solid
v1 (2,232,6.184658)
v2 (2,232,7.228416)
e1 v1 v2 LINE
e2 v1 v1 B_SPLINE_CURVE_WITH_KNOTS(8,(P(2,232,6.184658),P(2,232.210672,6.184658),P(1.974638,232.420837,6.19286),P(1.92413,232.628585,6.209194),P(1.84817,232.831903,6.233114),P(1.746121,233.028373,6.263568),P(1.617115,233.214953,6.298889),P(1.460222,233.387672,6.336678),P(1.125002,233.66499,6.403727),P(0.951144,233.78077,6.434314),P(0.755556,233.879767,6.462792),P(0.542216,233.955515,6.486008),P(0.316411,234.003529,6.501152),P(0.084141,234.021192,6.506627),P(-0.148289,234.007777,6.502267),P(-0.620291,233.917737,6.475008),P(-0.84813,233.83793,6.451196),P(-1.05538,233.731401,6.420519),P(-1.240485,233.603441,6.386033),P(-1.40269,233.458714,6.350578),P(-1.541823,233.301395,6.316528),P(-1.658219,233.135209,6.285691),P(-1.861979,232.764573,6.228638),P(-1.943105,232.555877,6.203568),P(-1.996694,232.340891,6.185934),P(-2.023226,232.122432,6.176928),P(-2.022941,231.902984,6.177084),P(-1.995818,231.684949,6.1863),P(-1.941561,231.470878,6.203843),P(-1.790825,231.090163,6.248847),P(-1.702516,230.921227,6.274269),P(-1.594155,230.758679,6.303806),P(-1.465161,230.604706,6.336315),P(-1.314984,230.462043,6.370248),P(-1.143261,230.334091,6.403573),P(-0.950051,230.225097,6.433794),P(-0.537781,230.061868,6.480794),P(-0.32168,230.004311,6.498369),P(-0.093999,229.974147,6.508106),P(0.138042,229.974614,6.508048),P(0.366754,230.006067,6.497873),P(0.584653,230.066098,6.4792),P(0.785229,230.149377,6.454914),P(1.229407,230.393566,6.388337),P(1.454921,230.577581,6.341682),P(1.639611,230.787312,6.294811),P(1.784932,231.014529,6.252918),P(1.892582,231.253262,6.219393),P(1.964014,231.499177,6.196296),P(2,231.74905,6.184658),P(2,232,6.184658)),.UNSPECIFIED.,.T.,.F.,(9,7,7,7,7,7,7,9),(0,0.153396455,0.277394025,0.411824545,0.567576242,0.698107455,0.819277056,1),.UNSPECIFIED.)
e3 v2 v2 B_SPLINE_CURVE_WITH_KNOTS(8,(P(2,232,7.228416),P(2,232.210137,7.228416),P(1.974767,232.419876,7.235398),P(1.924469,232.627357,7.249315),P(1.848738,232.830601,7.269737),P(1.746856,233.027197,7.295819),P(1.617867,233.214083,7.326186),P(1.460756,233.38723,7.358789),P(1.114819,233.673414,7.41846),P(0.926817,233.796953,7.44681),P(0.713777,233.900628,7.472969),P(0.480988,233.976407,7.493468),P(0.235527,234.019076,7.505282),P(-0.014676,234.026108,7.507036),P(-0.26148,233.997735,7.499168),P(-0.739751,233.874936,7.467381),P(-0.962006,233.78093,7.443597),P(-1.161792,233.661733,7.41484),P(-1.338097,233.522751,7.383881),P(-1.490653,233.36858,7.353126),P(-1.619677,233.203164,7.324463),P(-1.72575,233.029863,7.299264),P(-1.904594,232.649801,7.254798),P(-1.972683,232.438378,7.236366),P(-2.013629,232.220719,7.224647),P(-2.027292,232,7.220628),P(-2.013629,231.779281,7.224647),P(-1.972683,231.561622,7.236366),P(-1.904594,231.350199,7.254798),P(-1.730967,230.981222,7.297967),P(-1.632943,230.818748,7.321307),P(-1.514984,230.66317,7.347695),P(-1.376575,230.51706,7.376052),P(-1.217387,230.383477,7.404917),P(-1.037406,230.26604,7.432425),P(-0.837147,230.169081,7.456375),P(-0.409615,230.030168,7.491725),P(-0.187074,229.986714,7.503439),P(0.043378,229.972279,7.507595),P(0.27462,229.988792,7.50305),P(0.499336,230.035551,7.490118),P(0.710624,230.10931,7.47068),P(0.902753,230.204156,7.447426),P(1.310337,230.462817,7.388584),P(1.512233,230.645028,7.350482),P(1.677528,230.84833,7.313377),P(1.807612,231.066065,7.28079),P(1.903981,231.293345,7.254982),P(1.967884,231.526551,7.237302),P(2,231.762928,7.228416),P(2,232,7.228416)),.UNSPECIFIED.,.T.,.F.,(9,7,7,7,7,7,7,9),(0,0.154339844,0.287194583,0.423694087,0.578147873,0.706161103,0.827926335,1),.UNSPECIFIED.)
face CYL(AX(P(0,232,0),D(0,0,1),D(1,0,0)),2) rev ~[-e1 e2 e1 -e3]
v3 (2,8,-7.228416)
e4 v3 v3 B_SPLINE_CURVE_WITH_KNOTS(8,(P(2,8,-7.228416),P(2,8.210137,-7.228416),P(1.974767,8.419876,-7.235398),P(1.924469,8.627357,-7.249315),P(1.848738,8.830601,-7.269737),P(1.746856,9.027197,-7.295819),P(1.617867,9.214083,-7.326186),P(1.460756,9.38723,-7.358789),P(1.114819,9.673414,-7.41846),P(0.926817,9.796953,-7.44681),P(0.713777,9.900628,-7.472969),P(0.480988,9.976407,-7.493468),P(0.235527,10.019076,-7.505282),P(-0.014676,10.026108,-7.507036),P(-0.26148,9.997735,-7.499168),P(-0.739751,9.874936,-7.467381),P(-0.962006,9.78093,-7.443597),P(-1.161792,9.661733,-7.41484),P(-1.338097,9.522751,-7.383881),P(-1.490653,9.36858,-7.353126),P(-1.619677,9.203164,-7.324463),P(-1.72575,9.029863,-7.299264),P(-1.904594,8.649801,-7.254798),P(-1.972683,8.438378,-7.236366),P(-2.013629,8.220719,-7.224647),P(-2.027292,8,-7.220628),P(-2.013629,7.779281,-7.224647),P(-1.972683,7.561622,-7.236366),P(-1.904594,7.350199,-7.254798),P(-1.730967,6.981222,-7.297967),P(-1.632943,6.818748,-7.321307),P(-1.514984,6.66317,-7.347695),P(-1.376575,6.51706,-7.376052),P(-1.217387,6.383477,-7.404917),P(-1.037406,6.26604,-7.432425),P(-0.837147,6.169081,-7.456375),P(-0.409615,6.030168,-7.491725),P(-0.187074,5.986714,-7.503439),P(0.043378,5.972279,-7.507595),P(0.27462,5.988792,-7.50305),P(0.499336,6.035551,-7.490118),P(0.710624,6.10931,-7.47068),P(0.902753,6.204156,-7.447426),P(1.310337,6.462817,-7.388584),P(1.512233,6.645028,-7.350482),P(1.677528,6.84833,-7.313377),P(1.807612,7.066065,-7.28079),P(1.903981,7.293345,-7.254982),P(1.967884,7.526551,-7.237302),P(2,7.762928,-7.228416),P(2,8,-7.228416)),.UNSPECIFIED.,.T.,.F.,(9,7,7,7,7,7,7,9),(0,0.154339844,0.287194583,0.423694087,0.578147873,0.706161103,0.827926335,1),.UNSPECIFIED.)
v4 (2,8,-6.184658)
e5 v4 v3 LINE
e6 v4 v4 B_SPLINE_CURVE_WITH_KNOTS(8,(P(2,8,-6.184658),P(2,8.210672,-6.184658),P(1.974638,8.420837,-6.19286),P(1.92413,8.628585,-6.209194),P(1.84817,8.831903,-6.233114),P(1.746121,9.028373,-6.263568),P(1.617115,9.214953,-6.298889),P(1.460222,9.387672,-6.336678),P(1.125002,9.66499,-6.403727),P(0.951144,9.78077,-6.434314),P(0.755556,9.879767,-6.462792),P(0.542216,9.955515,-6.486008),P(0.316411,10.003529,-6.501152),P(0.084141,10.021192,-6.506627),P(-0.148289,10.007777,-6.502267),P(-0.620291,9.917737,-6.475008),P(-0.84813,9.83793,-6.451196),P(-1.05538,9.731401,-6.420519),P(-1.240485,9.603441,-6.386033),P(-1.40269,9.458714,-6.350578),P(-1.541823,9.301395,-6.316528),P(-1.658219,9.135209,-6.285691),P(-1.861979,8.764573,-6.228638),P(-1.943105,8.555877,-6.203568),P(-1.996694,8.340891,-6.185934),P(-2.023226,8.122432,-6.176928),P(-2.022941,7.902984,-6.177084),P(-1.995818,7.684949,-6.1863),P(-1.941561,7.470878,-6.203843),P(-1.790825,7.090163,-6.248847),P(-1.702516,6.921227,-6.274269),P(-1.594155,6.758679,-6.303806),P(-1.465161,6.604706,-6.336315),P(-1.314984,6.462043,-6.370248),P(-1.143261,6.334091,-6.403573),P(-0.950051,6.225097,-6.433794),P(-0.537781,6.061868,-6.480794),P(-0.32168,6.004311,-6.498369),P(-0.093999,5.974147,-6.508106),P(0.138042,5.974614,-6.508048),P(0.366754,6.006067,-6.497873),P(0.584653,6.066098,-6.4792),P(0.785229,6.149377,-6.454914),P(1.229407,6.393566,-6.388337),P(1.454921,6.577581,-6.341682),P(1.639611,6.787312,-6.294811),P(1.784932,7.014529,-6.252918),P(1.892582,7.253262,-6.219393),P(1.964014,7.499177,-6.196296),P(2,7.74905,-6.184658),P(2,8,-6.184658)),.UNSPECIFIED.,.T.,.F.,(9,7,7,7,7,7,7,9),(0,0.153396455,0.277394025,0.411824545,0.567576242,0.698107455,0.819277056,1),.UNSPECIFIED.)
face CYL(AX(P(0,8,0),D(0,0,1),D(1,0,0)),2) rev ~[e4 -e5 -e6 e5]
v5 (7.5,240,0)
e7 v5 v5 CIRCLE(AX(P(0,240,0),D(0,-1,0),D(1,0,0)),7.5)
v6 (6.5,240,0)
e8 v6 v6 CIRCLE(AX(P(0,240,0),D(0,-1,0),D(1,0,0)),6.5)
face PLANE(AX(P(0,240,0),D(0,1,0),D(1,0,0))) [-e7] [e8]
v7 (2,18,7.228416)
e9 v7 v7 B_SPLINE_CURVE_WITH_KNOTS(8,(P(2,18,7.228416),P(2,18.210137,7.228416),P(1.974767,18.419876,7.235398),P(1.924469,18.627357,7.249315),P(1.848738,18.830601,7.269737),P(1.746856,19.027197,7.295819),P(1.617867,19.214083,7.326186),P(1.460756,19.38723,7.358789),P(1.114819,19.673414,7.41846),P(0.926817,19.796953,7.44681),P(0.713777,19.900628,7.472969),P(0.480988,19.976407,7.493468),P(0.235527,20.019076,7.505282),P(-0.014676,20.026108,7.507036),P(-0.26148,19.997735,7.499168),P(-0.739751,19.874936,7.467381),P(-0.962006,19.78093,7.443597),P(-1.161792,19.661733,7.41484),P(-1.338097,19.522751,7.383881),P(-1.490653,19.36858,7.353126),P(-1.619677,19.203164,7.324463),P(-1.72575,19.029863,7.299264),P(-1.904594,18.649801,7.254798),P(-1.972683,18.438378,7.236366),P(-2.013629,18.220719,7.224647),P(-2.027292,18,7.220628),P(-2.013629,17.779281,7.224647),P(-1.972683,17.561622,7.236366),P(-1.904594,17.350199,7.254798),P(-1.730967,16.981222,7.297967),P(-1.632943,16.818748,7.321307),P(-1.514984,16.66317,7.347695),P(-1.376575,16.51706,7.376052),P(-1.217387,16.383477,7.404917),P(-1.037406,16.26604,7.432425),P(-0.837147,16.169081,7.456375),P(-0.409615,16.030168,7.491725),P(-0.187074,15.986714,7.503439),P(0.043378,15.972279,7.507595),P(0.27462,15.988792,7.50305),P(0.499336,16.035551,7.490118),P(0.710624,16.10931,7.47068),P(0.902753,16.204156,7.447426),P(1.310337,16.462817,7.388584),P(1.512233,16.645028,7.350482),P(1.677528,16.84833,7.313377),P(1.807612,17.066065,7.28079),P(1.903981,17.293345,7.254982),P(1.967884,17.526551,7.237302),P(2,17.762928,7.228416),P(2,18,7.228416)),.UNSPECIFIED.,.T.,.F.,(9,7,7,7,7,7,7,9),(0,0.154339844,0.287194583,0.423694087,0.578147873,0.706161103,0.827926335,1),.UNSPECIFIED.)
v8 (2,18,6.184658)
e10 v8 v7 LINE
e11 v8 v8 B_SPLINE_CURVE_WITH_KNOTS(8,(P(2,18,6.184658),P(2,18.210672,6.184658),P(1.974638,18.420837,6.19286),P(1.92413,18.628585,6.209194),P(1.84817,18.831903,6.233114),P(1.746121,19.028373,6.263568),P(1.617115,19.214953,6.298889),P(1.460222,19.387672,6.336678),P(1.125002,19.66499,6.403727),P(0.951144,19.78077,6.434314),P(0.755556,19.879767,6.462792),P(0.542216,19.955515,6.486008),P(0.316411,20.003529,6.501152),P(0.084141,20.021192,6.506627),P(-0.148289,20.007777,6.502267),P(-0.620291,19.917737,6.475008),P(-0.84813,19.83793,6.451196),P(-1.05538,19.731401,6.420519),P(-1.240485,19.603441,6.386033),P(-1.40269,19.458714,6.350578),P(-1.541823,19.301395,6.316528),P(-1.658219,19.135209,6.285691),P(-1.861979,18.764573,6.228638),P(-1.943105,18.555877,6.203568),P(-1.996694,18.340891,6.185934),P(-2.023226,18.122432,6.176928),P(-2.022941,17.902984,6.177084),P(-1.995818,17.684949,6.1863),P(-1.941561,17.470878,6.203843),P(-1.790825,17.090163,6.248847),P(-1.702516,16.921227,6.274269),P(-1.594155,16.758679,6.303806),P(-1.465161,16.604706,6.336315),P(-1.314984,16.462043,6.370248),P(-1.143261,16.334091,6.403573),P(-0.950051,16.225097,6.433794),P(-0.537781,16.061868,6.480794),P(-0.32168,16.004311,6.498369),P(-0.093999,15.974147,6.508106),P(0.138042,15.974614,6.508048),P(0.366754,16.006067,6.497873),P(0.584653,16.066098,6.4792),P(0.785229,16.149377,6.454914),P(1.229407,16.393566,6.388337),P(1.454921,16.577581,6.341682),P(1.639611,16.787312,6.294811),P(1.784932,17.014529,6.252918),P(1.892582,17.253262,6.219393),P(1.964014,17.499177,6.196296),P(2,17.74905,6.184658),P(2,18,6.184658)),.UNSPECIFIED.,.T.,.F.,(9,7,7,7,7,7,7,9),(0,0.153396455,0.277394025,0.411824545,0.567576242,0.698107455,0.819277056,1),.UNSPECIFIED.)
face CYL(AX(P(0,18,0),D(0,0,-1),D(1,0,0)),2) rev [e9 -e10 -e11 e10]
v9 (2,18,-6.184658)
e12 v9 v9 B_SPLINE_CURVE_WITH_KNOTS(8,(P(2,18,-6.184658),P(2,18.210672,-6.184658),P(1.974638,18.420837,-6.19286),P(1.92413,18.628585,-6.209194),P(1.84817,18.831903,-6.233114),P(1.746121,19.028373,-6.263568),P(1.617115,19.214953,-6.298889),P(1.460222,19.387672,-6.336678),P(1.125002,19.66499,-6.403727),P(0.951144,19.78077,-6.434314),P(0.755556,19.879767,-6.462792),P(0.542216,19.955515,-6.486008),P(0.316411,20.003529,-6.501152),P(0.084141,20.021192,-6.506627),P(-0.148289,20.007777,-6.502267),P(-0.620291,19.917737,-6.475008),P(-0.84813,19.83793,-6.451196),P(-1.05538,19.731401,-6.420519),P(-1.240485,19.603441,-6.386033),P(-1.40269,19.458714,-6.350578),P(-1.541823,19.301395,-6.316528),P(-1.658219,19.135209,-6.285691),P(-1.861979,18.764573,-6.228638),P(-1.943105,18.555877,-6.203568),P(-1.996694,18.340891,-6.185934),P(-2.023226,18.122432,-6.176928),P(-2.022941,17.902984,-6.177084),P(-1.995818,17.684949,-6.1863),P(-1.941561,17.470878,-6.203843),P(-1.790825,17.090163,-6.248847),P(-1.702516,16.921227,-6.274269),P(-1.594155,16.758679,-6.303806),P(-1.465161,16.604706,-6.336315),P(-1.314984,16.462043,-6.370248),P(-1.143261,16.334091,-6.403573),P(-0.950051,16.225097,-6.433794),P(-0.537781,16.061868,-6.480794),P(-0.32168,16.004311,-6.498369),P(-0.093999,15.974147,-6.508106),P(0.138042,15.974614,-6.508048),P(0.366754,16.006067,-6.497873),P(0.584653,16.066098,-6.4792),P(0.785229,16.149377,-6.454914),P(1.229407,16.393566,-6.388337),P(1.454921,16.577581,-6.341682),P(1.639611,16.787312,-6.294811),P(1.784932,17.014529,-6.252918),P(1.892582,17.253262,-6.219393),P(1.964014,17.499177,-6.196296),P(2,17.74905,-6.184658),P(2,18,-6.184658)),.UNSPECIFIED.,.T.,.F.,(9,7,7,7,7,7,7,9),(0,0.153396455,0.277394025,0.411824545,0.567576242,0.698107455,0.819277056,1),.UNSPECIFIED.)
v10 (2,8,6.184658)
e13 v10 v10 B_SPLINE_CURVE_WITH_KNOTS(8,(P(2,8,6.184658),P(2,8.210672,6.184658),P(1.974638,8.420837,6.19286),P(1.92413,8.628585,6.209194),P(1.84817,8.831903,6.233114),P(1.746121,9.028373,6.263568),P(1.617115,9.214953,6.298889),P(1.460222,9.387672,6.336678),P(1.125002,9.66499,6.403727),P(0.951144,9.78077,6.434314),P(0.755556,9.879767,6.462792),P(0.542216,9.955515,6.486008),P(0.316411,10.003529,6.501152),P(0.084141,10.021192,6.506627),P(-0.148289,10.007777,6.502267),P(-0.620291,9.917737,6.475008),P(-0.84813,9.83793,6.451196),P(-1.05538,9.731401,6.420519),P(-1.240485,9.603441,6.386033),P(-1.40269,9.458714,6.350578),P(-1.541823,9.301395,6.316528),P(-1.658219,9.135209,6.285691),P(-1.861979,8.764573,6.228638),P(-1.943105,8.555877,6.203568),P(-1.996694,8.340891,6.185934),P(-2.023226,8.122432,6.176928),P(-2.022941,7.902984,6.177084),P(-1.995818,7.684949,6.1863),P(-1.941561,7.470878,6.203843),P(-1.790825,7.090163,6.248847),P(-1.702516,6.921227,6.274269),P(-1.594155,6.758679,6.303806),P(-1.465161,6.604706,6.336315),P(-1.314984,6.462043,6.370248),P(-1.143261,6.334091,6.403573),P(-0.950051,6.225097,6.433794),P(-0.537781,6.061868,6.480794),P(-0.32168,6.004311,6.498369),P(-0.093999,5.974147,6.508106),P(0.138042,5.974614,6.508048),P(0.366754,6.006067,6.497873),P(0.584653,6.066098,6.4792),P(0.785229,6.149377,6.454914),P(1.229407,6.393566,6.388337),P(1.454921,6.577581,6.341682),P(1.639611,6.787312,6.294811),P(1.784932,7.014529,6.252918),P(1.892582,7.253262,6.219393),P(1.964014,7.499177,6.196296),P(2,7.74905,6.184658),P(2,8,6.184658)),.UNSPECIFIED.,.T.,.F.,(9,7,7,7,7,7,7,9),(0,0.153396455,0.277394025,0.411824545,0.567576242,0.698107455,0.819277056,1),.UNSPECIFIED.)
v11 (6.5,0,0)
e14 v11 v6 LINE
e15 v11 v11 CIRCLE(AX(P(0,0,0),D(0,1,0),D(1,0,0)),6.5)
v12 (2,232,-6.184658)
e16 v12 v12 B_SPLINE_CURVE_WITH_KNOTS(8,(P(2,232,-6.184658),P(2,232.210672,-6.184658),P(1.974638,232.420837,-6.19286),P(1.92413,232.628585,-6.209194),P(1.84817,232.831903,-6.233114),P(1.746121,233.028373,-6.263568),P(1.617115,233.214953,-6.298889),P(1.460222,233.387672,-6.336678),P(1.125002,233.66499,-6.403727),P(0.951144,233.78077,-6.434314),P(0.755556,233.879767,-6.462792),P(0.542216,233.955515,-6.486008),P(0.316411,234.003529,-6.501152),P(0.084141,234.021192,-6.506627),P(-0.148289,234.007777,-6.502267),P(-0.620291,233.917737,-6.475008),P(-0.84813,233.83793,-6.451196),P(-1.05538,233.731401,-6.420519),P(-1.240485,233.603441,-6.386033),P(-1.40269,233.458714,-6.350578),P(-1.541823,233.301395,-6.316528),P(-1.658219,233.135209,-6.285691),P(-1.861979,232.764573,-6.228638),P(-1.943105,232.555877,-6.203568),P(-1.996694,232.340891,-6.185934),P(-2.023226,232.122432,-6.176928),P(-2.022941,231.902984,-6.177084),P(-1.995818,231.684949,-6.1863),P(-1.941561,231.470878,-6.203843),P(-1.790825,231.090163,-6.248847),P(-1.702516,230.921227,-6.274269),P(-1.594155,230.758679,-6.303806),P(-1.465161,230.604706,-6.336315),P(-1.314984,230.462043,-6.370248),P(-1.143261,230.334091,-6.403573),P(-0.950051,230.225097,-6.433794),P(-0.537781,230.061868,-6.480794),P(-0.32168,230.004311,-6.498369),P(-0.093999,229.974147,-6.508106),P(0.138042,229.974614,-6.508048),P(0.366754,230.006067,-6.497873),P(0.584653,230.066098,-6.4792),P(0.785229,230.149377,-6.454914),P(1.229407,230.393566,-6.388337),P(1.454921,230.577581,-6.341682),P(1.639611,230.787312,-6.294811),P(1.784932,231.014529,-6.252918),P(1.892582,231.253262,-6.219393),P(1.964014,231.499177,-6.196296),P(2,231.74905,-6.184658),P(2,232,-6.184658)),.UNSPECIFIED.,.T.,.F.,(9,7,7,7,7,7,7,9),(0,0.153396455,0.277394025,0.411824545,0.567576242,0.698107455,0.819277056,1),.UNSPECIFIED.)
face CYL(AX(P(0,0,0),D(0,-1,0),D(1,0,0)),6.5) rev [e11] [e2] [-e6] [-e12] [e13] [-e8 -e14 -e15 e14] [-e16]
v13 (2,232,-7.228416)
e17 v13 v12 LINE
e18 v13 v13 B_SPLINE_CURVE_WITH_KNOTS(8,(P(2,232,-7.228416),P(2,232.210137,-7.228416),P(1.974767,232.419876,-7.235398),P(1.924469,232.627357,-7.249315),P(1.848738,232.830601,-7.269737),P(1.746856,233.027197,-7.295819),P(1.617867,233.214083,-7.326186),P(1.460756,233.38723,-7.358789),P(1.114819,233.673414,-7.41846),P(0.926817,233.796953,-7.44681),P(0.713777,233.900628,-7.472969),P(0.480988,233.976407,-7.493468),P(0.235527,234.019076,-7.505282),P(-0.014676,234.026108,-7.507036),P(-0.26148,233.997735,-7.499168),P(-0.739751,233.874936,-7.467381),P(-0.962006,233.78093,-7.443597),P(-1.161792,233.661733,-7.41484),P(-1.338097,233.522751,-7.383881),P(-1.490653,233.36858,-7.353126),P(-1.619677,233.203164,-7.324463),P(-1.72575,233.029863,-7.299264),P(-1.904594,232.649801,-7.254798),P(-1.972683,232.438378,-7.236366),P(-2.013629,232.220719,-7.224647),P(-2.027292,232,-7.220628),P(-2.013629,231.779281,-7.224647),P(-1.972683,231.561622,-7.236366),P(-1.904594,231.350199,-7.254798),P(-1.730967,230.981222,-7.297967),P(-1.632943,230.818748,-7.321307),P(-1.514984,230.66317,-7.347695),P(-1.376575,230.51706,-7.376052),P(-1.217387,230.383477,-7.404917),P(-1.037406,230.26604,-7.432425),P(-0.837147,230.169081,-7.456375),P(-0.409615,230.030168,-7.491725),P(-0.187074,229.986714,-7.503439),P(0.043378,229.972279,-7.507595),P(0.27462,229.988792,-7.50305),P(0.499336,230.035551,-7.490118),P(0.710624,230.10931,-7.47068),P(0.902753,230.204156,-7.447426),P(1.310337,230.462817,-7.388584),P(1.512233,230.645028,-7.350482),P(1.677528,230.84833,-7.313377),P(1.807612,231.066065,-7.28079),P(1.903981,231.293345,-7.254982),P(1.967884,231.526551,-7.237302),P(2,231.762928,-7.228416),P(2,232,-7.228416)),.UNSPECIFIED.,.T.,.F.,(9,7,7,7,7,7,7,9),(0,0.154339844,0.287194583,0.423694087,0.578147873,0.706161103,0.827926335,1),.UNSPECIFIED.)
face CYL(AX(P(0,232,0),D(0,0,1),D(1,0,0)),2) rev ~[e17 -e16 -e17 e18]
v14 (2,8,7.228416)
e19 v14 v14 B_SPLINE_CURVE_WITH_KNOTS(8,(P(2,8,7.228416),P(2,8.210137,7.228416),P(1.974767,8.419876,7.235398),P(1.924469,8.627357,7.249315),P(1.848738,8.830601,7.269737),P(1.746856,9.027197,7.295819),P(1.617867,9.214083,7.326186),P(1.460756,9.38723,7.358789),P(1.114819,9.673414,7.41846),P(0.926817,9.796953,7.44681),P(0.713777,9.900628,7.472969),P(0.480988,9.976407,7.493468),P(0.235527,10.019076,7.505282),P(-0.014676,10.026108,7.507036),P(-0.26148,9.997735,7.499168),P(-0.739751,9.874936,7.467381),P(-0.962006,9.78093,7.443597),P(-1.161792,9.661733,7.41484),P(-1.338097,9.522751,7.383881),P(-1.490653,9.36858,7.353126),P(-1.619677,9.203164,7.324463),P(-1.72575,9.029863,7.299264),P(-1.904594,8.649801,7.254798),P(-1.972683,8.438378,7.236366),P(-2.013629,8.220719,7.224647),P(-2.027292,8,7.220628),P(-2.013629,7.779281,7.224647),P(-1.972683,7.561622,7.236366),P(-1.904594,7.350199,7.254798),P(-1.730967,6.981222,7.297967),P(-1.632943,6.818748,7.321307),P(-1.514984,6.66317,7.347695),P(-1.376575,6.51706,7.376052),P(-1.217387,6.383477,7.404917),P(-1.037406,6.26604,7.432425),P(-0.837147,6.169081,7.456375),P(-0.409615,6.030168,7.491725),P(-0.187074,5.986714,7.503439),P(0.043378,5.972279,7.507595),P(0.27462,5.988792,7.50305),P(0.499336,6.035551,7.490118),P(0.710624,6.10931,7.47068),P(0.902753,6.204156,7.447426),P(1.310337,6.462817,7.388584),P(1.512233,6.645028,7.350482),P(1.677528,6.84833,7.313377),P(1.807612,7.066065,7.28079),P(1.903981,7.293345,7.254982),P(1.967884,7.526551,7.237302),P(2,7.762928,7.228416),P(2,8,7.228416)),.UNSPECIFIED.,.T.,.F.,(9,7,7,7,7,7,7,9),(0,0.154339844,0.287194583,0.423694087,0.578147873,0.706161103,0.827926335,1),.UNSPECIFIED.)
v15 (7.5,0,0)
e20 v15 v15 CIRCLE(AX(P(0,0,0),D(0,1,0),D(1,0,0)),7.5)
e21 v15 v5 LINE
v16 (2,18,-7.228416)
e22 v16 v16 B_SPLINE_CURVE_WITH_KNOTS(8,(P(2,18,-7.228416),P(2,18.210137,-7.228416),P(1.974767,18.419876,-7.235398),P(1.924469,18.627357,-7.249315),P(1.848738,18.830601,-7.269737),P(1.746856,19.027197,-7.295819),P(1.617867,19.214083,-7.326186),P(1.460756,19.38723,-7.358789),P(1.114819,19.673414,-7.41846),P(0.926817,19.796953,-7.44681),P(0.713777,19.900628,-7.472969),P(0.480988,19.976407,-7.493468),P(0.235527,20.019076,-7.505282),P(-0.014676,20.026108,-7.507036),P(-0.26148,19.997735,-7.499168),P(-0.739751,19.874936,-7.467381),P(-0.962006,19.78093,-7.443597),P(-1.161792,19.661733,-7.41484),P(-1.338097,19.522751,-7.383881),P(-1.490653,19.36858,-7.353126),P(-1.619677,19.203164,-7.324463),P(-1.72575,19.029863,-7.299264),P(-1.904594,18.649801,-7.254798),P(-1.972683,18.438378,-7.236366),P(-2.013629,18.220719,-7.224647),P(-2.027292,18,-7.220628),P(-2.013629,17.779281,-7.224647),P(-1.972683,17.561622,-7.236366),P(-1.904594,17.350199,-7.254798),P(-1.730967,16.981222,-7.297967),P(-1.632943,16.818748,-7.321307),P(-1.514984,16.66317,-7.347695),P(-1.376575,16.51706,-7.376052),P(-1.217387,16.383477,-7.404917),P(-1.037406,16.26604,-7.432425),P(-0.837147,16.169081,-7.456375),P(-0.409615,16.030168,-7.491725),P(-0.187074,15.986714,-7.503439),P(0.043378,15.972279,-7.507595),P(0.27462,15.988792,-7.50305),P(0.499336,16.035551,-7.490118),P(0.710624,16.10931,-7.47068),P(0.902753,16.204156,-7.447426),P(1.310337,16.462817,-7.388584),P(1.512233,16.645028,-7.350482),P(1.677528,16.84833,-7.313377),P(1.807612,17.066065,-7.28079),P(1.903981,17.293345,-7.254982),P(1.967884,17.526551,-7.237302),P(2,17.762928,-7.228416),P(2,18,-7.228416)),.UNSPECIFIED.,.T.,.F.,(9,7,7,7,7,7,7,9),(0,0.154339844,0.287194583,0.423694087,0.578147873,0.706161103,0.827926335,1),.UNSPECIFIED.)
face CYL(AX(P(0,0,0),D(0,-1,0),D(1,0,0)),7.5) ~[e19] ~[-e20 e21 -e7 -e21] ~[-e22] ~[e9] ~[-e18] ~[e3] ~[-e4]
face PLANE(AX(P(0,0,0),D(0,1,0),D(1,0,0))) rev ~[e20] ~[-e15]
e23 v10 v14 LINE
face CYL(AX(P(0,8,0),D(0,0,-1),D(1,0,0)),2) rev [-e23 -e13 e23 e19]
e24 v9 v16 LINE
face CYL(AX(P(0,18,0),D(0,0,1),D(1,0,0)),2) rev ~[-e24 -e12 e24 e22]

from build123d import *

# Parameters (mm, degrees)
SKETCH1_R           = 7.5
SKETCH1_R_2         = 6.5
BOSS_EXTRUDE1_DEPTH = 240
SKETCH2_R           = 2
CUT_EXTRUDE1_DEPTH  = 9


with BuildPart() as part:
    # Sketch1 → Boss-Extrude1 (new body)
    with BuildSketch(Plane(origin=(0, 0, 0), x_dir=(1, 0, 0), z_dir=(0, 1, 0))):
        Circle(SKETCH1_R)
        Circle(SKETCH1_R_2, mode=Mode.SUBTRACT)
    extrude(amount=BOSS_EXTRUDE1_DEPTH)

    # Sketch2 → Cut-Extrude1 (cut, symmetric)
    with BuildSketch(Plane.XY):
        with Locations((0, 8)):
            Circle(SKETCH2_R)
        with Locations((0, 18)):
            Circle(SKETCH2_R)
        with Locations((0, 242)):
            Circle(SKETCH2_R)
        with Locations((0, 232)):
            Circle(SKETCH2_R)
    extrude(amount=CUT_EXTRUDE1_DEPTH, both=True, mode=Mode.SUBTRACT)


solid = part.part
